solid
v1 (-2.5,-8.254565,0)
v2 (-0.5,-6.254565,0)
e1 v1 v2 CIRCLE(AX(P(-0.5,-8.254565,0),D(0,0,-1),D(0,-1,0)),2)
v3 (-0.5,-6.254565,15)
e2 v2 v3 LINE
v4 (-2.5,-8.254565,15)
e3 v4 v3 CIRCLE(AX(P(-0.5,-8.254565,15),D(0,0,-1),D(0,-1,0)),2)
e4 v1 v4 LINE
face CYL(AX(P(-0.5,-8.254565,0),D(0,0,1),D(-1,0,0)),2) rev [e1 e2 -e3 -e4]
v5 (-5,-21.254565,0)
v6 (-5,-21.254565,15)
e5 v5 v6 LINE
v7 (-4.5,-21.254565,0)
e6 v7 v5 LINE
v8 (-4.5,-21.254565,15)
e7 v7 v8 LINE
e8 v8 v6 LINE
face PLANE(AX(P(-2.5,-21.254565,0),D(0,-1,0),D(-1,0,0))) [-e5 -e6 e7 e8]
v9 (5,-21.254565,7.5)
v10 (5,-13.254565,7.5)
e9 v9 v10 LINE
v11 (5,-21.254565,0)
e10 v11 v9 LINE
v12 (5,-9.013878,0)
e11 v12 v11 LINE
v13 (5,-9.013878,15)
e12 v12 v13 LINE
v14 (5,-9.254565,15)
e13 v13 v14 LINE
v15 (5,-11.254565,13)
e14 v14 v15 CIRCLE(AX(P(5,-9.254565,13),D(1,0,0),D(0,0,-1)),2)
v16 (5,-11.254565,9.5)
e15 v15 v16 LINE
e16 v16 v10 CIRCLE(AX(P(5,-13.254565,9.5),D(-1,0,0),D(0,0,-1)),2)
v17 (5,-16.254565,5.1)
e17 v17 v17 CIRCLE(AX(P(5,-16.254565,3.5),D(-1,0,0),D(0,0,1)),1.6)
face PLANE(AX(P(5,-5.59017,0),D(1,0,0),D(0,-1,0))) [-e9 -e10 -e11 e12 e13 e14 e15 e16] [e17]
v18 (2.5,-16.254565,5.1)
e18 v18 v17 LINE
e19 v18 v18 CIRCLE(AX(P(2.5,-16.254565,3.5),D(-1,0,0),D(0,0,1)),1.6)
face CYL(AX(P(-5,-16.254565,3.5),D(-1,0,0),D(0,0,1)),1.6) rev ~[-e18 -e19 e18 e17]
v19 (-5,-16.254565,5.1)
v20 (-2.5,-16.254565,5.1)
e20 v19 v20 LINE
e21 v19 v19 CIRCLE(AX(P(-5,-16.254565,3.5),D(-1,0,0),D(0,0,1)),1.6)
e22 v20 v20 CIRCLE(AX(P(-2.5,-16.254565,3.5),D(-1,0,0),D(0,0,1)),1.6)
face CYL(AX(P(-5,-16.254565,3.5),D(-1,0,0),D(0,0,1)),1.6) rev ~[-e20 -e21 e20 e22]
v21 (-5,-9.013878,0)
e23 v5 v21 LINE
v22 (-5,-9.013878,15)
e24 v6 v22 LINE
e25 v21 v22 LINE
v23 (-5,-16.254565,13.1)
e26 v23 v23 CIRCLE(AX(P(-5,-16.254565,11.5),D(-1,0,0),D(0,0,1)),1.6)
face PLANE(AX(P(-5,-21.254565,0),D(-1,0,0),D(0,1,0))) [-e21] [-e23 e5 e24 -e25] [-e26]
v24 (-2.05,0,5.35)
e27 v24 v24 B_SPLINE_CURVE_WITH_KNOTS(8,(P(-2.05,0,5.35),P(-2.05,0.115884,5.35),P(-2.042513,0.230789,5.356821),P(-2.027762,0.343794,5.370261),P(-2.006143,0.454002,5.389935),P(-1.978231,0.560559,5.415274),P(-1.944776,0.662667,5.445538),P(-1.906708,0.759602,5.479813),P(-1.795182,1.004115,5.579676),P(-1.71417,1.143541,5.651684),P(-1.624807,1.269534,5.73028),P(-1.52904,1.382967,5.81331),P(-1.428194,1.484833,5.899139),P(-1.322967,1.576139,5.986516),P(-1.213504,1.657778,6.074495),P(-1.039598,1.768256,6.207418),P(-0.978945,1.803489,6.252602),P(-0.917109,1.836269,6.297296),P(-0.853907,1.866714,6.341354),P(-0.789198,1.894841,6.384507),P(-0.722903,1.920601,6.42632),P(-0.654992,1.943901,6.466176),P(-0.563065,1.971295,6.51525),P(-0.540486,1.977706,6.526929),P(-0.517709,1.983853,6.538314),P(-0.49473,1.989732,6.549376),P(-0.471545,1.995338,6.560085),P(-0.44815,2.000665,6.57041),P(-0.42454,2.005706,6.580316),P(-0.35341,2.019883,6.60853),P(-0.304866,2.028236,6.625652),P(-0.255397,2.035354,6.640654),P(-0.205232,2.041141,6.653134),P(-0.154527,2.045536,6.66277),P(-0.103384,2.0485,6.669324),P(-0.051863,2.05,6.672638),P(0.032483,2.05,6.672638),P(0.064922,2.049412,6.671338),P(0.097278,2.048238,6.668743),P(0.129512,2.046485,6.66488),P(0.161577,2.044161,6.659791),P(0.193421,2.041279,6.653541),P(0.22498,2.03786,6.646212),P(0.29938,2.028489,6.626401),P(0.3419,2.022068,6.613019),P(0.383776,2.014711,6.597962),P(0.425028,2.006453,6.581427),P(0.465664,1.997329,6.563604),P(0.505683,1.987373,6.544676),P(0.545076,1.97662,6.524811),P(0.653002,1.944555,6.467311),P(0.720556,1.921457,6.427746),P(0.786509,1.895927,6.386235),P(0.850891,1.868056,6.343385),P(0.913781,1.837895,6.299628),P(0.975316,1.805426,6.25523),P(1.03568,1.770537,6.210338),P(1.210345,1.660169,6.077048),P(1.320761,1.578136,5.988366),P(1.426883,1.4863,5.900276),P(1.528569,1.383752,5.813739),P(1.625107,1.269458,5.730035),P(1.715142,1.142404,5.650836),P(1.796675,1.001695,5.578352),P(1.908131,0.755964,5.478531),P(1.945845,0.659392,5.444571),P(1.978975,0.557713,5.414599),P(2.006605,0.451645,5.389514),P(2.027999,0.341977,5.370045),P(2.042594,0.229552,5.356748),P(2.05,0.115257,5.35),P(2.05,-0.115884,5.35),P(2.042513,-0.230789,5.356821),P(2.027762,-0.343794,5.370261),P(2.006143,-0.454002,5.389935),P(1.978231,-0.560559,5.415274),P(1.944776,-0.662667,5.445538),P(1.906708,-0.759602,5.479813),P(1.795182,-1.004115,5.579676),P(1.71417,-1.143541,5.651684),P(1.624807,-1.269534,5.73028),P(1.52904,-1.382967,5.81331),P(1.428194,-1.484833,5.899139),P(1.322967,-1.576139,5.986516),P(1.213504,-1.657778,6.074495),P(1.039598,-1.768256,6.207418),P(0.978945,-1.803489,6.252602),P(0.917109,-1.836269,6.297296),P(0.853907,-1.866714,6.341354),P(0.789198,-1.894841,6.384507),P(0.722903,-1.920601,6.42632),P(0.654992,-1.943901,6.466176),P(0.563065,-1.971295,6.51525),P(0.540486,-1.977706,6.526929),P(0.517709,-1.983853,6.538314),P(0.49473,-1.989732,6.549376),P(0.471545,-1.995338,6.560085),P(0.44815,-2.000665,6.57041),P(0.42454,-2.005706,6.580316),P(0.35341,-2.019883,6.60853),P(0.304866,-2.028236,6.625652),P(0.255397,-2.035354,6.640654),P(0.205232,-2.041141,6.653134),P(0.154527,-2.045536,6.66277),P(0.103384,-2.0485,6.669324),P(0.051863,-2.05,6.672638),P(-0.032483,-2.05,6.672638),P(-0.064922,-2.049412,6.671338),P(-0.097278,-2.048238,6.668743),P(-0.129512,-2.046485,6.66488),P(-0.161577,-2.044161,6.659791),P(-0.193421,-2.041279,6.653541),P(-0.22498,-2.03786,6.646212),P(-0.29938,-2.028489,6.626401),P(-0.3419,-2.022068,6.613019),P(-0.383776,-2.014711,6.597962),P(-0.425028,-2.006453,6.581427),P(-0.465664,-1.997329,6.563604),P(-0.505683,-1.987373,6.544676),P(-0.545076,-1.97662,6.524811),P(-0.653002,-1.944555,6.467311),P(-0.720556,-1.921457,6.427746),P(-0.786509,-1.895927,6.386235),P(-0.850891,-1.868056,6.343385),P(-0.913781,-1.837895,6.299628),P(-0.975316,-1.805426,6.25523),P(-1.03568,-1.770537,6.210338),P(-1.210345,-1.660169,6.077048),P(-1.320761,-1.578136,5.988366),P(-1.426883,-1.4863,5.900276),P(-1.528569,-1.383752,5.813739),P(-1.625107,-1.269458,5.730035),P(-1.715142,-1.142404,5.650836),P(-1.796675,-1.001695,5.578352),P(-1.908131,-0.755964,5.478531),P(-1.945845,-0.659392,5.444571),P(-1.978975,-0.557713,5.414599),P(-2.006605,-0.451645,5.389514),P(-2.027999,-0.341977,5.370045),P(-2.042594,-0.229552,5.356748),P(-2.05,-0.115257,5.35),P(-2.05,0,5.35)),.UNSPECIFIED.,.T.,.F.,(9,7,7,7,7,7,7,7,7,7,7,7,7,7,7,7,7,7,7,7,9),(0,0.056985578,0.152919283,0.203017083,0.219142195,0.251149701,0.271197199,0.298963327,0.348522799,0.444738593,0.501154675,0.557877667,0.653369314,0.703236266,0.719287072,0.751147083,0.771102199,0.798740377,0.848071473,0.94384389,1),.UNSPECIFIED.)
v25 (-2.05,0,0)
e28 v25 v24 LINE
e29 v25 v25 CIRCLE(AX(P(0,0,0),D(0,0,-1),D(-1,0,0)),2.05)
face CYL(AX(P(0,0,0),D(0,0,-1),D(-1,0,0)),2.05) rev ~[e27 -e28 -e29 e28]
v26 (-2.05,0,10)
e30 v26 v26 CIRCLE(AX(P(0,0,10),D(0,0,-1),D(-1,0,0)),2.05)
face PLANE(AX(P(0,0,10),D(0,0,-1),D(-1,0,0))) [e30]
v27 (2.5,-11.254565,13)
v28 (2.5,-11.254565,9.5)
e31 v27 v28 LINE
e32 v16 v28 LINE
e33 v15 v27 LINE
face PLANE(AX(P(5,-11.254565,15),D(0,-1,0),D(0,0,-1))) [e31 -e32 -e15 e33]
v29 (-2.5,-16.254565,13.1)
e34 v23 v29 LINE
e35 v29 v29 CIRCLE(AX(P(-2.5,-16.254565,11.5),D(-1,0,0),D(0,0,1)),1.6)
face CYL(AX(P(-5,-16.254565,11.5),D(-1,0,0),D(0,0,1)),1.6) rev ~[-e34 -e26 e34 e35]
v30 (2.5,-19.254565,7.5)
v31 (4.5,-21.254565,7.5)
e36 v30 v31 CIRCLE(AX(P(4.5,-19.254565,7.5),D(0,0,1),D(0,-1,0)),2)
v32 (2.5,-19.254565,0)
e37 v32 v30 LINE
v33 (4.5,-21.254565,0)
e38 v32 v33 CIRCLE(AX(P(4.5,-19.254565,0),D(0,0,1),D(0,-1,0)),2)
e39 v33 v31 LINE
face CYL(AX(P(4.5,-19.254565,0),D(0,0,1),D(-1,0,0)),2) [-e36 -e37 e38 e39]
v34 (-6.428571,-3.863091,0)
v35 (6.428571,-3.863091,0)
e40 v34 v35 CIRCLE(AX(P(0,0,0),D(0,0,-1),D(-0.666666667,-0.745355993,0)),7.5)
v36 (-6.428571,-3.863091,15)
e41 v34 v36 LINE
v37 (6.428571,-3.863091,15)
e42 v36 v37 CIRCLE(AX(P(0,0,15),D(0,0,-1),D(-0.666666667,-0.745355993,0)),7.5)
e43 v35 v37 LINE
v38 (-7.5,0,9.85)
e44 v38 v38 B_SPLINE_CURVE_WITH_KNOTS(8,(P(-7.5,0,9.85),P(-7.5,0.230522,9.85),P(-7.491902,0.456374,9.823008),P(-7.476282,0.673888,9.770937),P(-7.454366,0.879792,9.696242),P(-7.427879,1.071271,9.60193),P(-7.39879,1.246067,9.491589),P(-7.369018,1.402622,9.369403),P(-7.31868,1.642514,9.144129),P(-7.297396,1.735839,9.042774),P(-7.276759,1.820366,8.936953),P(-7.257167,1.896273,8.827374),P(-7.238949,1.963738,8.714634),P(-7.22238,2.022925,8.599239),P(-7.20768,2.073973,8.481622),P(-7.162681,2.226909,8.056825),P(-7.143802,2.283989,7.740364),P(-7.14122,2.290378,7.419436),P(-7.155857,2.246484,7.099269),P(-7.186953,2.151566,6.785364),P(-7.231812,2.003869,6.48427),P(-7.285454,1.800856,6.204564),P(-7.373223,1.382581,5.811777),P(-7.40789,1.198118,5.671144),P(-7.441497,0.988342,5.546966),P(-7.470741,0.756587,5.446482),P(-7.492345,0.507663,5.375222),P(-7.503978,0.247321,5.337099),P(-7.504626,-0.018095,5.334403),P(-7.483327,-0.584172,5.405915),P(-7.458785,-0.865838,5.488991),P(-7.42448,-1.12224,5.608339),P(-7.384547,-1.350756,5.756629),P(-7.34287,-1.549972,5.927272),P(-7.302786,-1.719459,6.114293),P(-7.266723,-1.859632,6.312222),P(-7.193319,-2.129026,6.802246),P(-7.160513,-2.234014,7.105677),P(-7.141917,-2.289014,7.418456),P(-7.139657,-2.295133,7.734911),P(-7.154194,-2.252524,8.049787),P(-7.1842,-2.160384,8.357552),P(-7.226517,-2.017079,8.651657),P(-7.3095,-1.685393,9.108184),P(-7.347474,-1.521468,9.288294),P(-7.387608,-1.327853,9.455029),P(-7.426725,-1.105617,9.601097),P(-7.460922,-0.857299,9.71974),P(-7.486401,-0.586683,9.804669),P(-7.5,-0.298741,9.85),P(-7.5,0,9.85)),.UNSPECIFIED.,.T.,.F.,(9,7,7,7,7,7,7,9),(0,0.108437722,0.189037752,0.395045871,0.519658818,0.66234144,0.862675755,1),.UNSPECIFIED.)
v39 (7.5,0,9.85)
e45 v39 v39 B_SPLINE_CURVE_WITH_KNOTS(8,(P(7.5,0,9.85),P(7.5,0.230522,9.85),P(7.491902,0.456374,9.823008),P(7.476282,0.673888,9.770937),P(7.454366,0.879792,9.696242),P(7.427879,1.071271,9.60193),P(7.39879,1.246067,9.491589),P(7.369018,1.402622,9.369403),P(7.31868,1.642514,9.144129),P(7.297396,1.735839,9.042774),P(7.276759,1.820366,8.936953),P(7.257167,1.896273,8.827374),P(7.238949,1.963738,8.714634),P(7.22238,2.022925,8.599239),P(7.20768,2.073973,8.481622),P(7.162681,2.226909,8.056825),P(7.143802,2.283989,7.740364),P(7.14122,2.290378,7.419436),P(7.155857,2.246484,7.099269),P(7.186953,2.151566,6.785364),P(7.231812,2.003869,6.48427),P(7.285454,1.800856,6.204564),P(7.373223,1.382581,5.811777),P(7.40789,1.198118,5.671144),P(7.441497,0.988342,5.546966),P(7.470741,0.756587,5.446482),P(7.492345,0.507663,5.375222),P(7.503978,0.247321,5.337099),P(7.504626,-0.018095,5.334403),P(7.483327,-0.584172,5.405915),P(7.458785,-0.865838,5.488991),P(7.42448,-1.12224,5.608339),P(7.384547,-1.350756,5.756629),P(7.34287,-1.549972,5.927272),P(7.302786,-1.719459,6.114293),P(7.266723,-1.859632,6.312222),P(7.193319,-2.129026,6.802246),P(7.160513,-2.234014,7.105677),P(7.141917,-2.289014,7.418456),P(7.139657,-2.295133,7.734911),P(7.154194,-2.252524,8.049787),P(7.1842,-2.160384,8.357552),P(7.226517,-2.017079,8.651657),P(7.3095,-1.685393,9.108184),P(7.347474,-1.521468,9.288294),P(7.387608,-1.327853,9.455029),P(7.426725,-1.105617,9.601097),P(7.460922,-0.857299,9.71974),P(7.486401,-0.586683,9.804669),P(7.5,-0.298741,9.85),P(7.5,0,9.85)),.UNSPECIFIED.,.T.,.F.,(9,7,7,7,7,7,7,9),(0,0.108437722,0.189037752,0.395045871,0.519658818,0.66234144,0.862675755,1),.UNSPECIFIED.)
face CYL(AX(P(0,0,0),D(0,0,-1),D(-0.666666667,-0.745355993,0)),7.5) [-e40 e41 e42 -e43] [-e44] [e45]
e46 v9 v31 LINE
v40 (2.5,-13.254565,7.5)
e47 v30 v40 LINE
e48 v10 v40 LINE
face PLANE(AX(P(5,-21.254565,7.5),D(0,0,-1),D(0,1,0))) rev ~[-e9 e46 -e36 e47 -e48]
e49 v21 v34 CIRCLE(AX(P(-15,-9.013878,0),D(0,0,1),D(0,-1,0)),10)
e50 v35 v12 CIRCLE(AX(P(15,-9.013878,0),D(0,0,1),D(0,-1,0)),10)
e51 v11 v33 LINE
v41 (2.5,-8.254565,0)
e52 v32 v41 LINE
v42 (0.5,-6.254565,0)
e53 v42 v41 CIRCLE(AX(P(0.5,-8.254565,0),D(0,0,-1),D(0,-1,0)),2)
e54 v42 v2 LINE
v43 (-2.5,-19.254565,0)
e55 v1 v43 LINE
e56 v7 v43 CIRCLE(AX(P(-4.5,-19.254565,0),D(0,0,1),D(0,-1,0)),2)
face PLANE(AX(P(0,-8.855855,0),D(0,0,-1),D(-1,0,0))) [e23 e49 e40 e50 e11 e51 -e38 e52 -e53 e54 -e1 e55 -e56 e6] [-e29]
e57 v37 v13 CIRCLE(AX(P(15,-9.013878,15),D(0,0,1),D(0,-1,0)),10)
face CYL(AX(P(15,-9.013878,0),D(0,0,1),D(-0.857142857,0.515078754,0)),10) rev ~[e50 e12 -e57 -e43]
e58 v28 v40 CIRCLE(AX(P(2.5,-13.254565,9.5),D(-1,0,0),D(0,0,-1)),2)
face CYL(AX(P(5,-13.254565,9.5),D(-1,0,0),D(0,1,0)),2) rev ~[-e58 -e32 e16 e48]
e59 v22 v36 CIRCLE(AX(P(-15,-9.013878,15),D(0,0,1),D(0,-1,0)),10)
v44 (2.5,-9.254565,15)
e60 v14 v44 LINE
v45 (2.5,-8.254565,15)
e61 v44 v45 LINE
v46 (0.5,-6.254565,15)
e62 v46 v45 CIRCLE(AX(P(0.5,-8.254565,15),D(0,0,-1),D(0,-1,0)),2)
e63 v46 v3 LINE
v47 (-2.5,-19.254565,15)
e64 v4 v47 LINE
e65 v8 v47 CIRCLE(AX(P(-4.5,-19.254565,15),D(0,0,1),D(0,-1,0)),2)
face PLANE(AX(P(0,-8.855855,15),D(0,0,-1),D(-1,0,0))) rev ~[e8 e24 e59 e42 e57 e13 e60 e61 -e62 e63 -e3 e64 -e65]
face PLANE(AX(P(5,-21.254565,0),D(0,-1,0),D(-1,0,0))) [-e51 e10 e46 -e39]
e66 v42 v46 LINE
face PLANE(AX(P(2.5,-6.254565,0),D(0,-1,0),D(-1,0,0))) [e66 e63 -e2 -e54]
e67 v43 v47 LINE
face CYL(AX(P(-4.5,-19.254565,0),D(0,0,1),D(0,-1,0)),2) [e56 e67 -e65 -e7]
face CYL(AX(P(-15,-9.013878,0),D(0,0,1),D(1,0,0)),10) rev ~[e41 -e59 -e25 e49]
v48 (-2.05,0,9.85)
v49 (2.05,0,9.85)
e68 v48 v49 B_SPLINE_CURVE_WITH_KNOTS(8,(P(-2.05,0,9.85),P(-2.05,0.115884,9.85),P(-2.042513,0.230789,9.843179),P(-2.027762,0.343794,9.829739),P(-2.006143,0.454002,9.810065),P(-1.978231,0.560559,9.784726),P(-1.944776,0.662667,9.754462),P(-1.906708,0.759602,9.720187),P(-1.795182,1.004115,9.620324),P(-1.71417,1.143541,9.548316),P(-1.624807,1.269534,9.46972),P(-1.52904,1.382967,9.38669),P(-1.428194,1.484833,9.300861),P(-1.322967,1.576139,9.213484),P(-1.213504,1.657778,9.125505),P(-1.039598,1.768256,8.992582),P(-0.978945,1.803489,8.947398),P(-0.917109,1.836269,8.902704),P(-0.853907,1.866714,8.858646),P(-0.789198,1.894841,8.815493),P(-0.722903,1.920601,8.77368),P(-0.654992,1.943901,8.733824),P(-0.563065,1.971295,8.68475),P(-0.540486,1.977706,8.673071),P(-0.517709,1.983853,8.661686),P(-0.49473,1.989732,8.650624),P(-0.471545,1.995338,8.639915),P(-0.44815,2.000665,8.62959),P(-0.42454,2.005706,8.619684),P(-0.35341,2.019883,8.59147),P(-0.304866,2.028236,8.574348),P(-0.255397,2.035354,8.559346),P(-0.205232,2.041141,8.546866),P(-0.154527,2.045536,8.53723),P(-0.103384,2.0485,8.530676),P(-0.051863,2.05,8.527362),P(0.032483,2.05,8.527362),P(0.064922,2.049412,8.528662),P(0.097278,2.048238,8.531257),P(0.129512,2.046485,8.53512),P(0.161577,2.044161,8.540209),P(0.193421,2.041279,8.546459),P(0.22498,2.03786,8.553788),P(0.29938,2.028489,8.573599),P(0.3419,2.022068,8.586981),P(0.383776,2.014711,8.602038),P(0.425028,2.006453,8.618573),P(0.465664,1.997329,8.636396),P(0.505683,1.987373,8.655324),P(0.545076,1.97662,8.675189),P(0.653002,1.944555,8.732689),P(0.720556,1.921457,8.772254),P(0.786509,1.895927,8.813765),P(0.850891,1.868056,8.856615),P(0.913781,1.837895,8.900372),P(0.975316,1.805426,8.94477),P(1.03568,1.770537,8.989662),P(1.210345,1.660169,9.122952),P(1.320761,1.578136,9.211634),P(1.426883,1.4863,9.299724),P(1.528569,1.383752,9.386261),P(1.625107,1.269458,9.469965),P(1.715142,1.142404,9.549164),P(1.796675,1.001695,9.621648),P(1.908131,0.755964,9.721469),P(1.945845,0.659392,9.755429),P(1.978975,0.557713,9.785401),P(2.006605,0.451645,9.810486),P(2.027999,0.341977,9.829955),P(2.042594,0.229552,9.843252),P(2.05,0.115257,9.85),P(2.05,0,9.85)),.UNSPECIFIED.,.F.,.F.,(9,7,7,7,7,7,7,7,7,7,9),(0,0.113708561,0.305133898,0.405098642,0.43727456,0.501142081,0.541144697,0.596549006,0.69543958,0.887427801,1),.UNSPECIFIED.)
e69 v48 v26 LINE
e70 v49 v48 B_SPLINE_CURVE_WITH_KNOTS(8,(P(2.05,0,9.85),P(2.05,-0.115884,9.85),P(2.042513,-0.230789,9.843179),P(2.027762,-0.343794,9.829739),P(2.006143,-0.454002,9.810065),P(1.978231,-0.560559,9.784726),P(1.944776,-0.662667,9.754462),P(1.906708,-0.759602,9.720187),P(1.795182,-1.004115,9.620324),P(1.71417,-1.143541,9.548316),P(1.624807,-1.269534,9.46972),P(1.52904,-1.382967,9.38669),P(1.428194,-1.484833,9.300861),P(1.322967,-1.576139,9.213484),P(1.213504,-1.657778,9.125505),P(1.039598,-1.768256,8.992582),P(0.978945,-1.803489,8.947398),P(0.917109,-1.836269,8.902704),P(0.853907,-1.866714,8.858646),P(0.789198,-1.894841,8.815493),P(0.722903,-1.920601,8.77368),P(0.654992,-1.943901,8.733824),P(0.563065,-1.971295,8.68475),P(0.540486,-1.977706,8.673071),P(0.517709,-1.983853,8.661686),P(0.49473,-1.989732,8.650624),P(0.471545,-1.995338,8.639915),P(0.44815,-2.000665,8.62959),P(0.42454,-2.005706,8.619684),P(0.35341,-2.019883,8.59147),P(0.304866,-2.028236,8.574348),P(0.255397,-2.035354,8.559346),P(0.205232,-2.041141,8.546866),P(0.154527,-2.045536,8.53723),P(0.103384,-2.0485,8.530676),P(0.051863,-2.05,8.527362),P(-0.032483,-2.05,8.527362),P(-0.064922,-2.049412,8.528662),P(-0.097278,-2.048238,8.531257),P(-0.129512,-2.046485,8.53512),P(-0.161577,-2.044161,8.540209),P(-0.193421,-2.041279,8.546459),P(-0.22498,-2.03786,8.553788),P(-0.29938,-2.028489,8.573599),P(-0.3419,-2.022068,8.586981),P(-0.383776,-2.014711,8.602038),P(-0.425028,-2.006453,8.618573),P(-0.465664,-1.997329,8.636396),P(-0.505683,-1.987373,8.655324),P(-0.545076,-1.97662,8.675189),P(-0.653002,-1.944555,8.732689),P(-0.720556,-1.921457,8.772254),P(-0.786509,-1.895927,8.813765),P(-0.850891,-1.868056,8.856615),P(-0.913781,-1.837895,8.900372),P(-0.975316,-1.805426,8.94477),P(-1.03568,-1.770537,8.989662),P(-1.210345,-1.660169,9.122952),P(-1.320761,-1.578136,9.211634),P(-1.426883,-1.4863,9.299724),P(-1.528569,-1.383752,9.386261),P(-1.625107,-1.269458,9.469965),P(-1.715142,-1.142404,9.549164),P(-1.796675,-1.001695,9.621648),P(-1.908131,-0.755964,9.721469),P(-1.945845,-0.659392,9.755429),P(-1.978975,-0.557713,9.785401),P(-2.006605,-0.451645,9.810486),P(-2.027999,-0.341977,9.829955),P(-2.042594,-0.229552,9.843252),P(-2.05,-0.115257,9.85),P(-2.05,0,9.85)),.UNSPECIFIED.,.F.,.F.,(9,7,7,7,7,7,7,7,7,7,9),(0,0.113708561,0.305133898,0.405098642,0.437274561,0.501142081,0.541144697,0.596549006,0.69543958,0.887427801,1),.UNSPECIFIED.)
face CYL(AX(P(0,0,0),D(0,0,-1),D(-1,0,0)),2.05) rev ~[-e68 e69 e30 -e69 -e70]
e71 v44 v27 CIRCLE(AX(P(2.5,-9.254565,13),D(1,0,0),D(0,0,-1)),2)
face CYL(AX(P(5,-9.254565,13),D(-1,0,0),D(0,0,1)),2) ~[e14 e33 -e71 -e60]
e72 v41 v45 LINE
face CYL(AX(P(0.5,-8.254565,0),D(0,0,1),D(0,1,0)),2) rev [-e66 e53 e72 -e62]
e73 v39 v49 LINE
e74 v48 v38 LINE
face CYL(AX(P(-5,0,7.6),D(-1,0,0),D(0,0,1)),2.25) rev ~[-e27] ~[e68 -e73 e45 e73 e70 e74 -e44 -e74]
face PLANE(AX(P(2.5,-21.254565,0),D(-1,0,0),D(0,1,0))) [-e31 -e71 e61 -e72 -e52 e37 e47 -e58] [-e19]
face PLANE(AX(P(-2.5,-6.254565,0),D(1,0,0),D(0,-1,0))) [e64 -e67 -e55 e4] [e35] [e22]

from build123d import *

# Parameters (mm, degrees)
BOSS_EXTRUDE1_DEPTH = 15
FILLET1_R           = 10
CUT_EXTRUDE4_REACH  = 30.862
SKETCH7_W           = 7.5
SKETCH7_H           = 10
CUT_EXTRUDE7_REACH  = 30.862
SKETCH10_R          = 1.6
SKETCH9_R           = 1.6
CUT_EXTRUDE8_DEPTH  = 29.861852882
FILLET3_R           = 2
SKETCH3_R           = 2.05
CUT_EXTRUDE9_DEPTH  = 10
SKETCH11_R          = 2.25
CUT_EXTRUDE10_DEPTH = 15


with BuildPart() as part:
    # Sketch2 → Boss-Extrude1 (new body)
    with BuildSketch(Plane.XY):
        with BuildLine():
            Line((-2.5, -6.254565433), (-2.5, -21.254565433))
            Line((-2.5, -21.254565433), (-5, -21.254565433))
            Line((-5, -21.254565433), (-5, -6.254565433))
            Line((-5, -6.254565433), (-5, -5.590169944))
            ThreePointArc((-5, -5.590169944), (0, 7.5), (5, -5.590169944))
            Line((5, -5.590169944), (5, -6.254565433))
            Line((5, -6.254565433), (5, -21.254565433))
            Line((5, -21.254565433), (2.5, -21.254565433))
            Line((2.5, -21.254565433), (2.5, -6.254565433))
            Line((2.5, -6.254565433), (-2.5, -6.254565433))
        make_face()
    extrude(amount=BOSS_EXTRUDE1_DEPTH)

    # Fillet1
    fillet1_edges = [part.edges().sort_by_distance(p)[0] for p in [
        (-5, -5.590169944, 7.5),
        (5, -5.590169944, 7.5),
    ]]
    fillet(fillet1_edges, radius=FILLET1_R)

    # Sketch7 → Cut-Extrude4 (cut, up to next)
    with BuildSketch(Plane(origin=(5, 0, 0), x_dir=(0, 0, -1), z_dir=(1, 0, 0)), mode=Mode.PRIVATE) as cut_extrude4_sk1:
        with Locations((-11.25, -16.254565433)):
            Rectangle(SKETCH7_W, SKETCH7_H)
    cut_extrude4_tool1 = extrude(cut_extrude4_sk1.sketch, amount=-CUT_EXTRUDE4_REACH, mode=Mode.PRIVATE) & part.part
    add(cut_extrude4_tool1.solids().sort_by_distance((5, -16.254565, 11.25))[0], mode=Mode.SUBTRACT)

    # Sketch10 → Cut-Extrude7 (cut, up to next)
    with BuildSketch(Plane.ZY.offset(5), mode=Mode.PRIVATE) as cut_extrude7_sk1:
        with Locations((11.5, -16.254565433)):
            Circle(SKETCH10_R)
    cut_extrude7_tool1 = extrude(cut_extrude7_sk1.sketch, amount=-CUT_EXTRUDE7_REACH, mode=Mode.PRIVATE) & part.part
    add(cut_extrude7_tool1.solids().sort_by_distance((-5, -16.254565, 11.5))[0], mode=Mode.SUBTRACT)

    # Sketch9 → Cut-Extrude8 (cut, through all)
    with BuildSketch(Plane.ZY.offset(5)):
        with Locations((3.5, -16.254565433)):
            Circle(SKETCH9_R)
    extrude(amount=-CUT_EXTRUDE8_DEPTH, mode=Mode.SUBTRACT)

    # Fillet3
    fillet3_edges = [part.edges().sort_by_distance(p)[0] for p in [
        (-2.5, -6.254565433, 7.5),
        (-2.5, -21.254565433, 7.5),
        (2.5, -6.254565433, 7.5),
        (2.5, -21.254565433, 3.75),
        (3.75, -11.254565433, 15),
        (3.75, -11.254565433, 7.5),
    ]]
    fillet(fillet3_edges, radius=FILLET3_R)

    # Sketch3 → Cut-Extrude9 (cut)
    with BuildSketch(Plane(origin=(0, 0, 0), x_dir=(-1, 0, 0), z_dir=(0, 0, -1))):
        Circle(SKETCH3_R)
    extrude(amount=-CUT_EXTRUDE9_DEPTH, mode=Mode.SUBTRACT)

    # Sketch11 → Cut-Extrude10 (cut, symmetric)
    with BuildSketch(Plane.ZY.offset(5)):
        with Locations((7.6, 0)):
            Circle(SKETCH11_R)
    extrude(amount=CUT_EXTRUDE10_DEPTH, both=True, mode=Mode.SUBTRACT)


solid = part.part
